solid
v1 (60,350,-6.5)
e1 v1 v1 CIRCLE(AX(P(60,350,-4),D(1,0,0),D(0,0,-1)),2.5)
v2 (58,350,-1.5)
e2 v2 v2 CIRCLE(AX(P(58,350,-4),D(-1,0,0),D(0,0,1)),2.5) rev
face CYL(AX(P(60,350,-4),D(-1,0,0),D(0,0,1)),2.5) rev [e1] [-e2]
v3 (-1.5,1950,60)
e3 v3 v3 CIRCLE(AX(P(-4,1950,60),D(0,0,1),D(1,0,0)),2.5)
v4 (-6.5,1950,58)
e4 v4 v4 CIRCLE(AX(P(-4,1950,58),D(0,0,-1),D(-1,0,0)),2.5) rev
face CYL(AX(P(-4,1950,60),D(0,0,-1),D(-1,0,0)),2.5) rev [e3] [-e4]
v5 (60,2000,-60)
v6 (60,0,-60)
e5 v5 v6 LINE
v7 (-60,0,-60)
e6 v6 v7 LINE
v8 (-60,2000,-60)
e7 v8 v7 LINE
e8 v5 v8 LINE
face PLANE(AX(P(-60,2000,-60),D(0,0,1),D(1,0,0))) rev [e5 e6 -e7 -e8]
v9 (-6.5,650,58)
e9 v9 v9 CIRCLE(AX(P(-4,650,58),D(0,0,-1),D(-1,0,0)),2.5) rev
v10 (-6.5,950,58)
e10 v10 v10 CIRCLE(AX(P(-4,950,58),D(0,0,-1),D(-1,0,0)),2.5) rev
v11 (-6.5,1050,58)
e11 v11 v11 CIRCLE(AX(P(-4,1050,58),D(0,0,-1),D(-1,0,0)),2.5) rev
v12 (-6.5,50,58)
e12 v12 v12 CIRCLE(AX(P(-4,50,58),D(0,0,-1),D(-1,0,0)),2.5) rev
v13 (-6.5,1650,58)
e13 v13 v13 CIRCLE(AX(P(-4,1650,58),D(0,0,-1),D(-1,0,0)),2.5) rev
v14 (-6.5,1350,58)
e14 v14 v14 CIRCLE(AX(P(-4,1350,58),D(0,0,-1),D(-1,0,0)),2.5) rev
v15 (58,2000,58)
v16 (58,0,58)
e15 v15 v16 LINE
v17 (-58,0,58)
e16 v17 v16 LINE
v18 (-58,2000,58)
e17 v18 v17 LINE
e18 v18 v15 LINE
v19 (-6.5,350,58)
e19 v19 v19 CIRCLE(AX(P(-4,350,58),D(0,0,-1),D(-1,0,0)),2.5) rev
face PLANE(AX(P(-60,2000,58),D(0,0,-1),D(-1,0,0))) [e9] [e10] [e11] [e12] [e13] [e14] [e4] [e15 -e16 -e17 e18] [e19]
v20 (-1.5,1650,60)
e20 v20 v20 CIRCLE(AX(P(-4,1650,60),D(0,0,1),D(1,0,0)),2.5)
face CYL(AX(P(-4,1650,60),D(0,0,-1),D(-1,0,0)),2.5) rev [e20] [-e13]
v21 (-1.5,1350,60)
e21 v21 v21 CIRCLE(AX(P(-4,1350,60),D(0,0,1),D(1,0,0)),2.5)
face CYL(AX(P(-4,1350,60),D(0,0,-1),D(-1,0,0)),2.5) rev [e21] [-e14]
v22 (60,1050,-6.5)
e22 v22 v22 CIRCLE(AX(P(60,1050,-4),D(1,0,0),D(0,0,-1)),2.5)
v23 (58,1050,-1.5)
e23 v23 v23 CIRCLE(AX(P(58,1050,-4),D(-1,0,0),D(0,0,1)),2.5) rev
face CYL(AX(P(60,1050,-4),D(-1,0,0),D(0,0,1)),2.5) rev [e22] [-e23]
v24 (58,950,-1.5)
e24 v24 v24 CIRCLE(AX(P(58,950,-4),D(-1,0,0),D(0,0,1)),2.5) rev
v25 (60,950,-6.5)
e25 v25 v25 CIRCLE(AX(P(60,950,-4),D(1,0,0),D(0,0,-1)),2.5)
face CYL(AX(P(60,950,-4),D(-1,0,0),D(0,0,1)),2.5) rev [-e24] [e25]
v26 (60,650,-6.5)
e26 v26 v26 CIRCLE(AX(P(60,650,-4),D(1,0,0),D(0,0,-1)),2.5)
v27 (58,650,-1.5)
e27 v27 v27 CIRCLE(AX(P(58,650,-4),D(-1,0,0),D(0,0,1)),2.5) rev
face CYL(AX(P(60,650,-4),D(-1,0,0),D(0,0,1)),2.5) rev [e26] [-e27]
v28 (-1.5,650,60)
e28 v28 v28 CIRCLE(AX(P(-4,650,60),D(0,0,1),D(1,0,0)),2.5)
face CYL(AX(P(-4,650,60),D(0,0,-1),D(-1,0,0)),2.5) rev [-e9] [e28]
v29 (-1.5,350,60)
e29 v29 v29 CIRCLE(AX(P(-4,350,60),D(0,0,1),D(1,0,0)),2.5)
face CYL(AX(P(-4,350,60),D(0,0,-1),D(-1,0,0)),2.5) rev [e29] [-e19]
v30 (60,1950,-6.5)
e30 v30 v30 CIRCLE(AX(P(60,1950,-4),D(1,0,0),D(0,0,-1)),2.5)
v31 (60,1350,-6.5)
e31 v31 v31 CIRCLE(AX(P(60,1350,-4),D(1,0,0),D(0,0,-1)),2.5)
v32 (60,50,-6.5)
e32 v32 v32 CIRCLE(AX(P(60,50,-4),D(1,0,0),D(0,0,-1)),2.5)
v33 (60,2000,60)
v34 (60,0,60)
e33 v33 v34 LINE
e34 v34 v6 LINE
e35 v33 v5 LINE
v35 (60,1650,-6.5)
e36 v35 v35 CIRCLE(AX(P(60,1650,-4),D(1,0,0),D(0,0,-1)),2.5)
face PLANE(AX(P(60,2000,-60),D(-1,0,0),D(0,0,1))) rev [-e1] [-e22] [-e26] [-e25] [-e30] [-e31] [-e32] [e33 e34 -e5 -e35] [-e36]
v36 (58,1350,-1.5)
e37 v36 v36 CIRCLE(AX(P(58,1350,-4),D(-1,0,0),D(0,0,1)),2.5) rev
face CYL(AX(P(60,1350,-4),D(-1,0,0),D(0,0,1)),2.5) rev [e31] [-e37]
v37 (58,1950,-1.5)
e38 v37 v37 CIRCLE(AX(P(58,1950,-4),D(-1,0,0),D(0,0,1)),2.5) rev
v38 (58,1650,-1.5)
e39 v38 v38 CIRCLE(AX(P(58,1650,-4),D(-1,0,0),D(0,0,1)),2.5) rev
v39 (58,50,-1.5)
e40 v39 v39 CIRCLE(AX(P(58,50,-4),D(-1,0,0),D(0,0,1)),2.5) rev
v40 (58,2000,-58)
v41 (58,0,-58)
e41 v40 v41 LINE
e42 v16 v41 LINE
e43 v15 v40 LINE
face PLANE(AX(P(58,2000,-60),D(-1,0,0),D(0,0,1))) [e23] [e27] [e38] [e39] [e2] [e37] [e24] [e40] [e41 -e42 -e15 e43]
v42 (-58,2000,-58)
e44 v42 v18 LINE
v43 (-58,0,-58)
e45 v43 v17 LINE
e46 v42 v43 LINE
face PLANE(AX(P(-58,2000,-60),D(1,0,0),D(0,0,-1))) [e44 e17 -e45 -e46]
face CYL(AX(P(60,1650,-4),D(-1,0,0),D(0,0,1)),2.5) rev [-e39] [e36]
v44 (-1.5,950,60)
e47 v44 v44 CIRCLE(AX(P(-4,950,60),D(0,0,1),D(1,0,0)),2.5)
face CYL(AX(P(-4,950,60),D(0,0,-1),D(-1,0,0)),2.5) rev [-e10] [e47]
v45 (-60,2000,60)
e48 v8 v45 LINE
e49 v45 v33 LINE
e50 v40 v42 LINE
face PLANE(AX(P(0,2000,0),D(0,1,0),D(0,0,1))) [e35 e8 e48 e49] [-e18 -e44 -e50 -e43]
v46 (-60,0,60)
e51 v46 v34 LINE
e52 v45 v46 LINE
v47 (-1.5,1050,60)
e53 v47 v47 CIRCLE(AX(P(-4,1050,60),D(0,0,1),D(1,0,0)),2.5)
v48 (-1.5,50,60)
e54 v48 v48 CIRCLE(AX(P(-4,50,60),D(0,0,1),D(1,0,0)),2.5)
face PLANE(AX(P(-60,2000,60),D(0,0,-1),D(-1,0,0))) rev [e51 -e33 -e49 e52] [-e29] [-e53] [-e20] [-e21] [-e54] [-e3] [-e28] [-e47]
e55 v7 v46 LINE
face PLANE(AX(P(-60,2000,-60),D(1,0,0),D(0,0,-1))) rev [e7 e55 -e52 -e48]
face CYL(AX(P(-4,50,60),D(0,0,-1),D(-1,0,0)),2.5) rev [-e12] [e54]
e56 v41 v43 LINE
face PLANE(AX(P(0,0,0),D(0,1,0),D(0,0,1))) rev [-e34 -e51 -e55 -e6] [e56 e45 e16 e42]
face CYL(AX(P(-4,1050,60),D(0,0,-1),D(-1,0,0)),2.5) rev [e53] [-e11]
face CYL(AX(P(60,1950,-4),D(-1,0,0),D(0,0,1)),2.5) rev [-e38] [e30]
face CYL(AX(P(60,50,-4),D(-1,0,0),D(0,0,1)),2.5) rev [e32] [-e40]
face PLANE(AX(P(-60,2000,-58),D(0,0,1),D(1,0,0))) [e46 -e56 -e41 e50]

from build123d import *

# Parameters (mm, degrees)
SKETCH_1_W          = 120
SKETCH_1_H          = 120
SKETCH_1_W_2        = 116
SKETCH_1_H_2        = 116
EXTRUDE_1_DEPTH     = 2000
SKETCH_2_R          = 2.5
CUT_EXTRUDE_1_DEPTH = 2002.799190728
SKETCH_3_R          = 2.5
CUT_EXTRUDE_2_DEPTH = 2002.799190728


with BuildPart() as part:
    # 草图1 → 拉伸-薄壁1 (new body)
    with BuildSketch(Plane(origin=(0, 0, 0), x_dir=(1, 0, 0), z_dir=(0, 1, 0))):
        Rectangle(SKETCH_1_W, SKETCH_1_H)
        Rectangle(SKETCH_1_W_2, SKETCH_1_H_2, mode=Mode.SUBTRACT)
    extrude(amount=EXTRUDE_1_DEPTH)

    # 草图2 → 切除-拉伸1 (cut, through all)
    with BuildSketch(Plane(origin=(0, 0, 0), x_dir=(0, 0, -1), z_dir=(1, 0, 0))):
        with Locations(Location((4, 50, 0), (0, 0, 180))):
            Circle(SKETCH_2_R)
        with Locations(Location((4, 350, 0), (0, 0, 180))):
            Circle(SKETCH_2_R)
        with Locations(Location((4, 650, 0), (0, 0, 180))):
            Circle(SKETCH_2_R)
        with Locations(Location((4, 950, 0), (0, 0, 180))):
            Circle(SKETCH_2_R)
        with Locations(Location((4, 1950, 0), (0, 0, 180))):
            Circle(SKETCH_2_R)
        with Locations(Location((4, 1650, 0), (0, 0, 180))):
            Circle(SKETCH_2_R)
        with Locations(Location((4, 1350, 0), (0, 0, 180))):
            Circle(SKETCH_2_R)
        with Locations(Location((4, 1050, 0), (0, 0, 180))):
            Circle(SKETCH_2_R)
    extrude(amount=CUT_EXTRUDE_1_DEPTH, mode=Mode.SUBTRACT)

    # 草图3 → 切除-拉伸2 (cut, through all)
    with BuildSketch(Plane.XY):
        with Locations(Location((-4, 50, 0), (0, 0, 180))):
            Circle(SKETCH_3_R)
        with Locations(Location((-4, 350, 0), (0, 0, 180))):
            Circle(SKETCH_3_R)
        with Locations(Location((-4, 650, 0), (0, 0, 180))):
            Circle(SKETCH_3_R)
        with Locations(Location((-4, 950, 0), (0, 0, 180))):
            Circle(SKETCH_3_R)
        with Locations(Location((-4, 1950, 0), (0, 0, 180))):
            Circle(SKETCH_3_R)
        with Locations(Location((-4, 1650, 0), (0, 0, 180))):
            Circle(SKETCH_3_R)
        with Locations(Location((-4, 1350, 0), (0, 0, 180))):
            Circle(SKETCH_3_R)
        with Locations(Location((-4, 1050, 0), (0, 0, 180))):
            Circle(SKETCH_3_R)
    extrude(amount=CUT_EXTRUDE_2_DEPTH, mode=Mode.SUBTRACT)


solid = part.part
